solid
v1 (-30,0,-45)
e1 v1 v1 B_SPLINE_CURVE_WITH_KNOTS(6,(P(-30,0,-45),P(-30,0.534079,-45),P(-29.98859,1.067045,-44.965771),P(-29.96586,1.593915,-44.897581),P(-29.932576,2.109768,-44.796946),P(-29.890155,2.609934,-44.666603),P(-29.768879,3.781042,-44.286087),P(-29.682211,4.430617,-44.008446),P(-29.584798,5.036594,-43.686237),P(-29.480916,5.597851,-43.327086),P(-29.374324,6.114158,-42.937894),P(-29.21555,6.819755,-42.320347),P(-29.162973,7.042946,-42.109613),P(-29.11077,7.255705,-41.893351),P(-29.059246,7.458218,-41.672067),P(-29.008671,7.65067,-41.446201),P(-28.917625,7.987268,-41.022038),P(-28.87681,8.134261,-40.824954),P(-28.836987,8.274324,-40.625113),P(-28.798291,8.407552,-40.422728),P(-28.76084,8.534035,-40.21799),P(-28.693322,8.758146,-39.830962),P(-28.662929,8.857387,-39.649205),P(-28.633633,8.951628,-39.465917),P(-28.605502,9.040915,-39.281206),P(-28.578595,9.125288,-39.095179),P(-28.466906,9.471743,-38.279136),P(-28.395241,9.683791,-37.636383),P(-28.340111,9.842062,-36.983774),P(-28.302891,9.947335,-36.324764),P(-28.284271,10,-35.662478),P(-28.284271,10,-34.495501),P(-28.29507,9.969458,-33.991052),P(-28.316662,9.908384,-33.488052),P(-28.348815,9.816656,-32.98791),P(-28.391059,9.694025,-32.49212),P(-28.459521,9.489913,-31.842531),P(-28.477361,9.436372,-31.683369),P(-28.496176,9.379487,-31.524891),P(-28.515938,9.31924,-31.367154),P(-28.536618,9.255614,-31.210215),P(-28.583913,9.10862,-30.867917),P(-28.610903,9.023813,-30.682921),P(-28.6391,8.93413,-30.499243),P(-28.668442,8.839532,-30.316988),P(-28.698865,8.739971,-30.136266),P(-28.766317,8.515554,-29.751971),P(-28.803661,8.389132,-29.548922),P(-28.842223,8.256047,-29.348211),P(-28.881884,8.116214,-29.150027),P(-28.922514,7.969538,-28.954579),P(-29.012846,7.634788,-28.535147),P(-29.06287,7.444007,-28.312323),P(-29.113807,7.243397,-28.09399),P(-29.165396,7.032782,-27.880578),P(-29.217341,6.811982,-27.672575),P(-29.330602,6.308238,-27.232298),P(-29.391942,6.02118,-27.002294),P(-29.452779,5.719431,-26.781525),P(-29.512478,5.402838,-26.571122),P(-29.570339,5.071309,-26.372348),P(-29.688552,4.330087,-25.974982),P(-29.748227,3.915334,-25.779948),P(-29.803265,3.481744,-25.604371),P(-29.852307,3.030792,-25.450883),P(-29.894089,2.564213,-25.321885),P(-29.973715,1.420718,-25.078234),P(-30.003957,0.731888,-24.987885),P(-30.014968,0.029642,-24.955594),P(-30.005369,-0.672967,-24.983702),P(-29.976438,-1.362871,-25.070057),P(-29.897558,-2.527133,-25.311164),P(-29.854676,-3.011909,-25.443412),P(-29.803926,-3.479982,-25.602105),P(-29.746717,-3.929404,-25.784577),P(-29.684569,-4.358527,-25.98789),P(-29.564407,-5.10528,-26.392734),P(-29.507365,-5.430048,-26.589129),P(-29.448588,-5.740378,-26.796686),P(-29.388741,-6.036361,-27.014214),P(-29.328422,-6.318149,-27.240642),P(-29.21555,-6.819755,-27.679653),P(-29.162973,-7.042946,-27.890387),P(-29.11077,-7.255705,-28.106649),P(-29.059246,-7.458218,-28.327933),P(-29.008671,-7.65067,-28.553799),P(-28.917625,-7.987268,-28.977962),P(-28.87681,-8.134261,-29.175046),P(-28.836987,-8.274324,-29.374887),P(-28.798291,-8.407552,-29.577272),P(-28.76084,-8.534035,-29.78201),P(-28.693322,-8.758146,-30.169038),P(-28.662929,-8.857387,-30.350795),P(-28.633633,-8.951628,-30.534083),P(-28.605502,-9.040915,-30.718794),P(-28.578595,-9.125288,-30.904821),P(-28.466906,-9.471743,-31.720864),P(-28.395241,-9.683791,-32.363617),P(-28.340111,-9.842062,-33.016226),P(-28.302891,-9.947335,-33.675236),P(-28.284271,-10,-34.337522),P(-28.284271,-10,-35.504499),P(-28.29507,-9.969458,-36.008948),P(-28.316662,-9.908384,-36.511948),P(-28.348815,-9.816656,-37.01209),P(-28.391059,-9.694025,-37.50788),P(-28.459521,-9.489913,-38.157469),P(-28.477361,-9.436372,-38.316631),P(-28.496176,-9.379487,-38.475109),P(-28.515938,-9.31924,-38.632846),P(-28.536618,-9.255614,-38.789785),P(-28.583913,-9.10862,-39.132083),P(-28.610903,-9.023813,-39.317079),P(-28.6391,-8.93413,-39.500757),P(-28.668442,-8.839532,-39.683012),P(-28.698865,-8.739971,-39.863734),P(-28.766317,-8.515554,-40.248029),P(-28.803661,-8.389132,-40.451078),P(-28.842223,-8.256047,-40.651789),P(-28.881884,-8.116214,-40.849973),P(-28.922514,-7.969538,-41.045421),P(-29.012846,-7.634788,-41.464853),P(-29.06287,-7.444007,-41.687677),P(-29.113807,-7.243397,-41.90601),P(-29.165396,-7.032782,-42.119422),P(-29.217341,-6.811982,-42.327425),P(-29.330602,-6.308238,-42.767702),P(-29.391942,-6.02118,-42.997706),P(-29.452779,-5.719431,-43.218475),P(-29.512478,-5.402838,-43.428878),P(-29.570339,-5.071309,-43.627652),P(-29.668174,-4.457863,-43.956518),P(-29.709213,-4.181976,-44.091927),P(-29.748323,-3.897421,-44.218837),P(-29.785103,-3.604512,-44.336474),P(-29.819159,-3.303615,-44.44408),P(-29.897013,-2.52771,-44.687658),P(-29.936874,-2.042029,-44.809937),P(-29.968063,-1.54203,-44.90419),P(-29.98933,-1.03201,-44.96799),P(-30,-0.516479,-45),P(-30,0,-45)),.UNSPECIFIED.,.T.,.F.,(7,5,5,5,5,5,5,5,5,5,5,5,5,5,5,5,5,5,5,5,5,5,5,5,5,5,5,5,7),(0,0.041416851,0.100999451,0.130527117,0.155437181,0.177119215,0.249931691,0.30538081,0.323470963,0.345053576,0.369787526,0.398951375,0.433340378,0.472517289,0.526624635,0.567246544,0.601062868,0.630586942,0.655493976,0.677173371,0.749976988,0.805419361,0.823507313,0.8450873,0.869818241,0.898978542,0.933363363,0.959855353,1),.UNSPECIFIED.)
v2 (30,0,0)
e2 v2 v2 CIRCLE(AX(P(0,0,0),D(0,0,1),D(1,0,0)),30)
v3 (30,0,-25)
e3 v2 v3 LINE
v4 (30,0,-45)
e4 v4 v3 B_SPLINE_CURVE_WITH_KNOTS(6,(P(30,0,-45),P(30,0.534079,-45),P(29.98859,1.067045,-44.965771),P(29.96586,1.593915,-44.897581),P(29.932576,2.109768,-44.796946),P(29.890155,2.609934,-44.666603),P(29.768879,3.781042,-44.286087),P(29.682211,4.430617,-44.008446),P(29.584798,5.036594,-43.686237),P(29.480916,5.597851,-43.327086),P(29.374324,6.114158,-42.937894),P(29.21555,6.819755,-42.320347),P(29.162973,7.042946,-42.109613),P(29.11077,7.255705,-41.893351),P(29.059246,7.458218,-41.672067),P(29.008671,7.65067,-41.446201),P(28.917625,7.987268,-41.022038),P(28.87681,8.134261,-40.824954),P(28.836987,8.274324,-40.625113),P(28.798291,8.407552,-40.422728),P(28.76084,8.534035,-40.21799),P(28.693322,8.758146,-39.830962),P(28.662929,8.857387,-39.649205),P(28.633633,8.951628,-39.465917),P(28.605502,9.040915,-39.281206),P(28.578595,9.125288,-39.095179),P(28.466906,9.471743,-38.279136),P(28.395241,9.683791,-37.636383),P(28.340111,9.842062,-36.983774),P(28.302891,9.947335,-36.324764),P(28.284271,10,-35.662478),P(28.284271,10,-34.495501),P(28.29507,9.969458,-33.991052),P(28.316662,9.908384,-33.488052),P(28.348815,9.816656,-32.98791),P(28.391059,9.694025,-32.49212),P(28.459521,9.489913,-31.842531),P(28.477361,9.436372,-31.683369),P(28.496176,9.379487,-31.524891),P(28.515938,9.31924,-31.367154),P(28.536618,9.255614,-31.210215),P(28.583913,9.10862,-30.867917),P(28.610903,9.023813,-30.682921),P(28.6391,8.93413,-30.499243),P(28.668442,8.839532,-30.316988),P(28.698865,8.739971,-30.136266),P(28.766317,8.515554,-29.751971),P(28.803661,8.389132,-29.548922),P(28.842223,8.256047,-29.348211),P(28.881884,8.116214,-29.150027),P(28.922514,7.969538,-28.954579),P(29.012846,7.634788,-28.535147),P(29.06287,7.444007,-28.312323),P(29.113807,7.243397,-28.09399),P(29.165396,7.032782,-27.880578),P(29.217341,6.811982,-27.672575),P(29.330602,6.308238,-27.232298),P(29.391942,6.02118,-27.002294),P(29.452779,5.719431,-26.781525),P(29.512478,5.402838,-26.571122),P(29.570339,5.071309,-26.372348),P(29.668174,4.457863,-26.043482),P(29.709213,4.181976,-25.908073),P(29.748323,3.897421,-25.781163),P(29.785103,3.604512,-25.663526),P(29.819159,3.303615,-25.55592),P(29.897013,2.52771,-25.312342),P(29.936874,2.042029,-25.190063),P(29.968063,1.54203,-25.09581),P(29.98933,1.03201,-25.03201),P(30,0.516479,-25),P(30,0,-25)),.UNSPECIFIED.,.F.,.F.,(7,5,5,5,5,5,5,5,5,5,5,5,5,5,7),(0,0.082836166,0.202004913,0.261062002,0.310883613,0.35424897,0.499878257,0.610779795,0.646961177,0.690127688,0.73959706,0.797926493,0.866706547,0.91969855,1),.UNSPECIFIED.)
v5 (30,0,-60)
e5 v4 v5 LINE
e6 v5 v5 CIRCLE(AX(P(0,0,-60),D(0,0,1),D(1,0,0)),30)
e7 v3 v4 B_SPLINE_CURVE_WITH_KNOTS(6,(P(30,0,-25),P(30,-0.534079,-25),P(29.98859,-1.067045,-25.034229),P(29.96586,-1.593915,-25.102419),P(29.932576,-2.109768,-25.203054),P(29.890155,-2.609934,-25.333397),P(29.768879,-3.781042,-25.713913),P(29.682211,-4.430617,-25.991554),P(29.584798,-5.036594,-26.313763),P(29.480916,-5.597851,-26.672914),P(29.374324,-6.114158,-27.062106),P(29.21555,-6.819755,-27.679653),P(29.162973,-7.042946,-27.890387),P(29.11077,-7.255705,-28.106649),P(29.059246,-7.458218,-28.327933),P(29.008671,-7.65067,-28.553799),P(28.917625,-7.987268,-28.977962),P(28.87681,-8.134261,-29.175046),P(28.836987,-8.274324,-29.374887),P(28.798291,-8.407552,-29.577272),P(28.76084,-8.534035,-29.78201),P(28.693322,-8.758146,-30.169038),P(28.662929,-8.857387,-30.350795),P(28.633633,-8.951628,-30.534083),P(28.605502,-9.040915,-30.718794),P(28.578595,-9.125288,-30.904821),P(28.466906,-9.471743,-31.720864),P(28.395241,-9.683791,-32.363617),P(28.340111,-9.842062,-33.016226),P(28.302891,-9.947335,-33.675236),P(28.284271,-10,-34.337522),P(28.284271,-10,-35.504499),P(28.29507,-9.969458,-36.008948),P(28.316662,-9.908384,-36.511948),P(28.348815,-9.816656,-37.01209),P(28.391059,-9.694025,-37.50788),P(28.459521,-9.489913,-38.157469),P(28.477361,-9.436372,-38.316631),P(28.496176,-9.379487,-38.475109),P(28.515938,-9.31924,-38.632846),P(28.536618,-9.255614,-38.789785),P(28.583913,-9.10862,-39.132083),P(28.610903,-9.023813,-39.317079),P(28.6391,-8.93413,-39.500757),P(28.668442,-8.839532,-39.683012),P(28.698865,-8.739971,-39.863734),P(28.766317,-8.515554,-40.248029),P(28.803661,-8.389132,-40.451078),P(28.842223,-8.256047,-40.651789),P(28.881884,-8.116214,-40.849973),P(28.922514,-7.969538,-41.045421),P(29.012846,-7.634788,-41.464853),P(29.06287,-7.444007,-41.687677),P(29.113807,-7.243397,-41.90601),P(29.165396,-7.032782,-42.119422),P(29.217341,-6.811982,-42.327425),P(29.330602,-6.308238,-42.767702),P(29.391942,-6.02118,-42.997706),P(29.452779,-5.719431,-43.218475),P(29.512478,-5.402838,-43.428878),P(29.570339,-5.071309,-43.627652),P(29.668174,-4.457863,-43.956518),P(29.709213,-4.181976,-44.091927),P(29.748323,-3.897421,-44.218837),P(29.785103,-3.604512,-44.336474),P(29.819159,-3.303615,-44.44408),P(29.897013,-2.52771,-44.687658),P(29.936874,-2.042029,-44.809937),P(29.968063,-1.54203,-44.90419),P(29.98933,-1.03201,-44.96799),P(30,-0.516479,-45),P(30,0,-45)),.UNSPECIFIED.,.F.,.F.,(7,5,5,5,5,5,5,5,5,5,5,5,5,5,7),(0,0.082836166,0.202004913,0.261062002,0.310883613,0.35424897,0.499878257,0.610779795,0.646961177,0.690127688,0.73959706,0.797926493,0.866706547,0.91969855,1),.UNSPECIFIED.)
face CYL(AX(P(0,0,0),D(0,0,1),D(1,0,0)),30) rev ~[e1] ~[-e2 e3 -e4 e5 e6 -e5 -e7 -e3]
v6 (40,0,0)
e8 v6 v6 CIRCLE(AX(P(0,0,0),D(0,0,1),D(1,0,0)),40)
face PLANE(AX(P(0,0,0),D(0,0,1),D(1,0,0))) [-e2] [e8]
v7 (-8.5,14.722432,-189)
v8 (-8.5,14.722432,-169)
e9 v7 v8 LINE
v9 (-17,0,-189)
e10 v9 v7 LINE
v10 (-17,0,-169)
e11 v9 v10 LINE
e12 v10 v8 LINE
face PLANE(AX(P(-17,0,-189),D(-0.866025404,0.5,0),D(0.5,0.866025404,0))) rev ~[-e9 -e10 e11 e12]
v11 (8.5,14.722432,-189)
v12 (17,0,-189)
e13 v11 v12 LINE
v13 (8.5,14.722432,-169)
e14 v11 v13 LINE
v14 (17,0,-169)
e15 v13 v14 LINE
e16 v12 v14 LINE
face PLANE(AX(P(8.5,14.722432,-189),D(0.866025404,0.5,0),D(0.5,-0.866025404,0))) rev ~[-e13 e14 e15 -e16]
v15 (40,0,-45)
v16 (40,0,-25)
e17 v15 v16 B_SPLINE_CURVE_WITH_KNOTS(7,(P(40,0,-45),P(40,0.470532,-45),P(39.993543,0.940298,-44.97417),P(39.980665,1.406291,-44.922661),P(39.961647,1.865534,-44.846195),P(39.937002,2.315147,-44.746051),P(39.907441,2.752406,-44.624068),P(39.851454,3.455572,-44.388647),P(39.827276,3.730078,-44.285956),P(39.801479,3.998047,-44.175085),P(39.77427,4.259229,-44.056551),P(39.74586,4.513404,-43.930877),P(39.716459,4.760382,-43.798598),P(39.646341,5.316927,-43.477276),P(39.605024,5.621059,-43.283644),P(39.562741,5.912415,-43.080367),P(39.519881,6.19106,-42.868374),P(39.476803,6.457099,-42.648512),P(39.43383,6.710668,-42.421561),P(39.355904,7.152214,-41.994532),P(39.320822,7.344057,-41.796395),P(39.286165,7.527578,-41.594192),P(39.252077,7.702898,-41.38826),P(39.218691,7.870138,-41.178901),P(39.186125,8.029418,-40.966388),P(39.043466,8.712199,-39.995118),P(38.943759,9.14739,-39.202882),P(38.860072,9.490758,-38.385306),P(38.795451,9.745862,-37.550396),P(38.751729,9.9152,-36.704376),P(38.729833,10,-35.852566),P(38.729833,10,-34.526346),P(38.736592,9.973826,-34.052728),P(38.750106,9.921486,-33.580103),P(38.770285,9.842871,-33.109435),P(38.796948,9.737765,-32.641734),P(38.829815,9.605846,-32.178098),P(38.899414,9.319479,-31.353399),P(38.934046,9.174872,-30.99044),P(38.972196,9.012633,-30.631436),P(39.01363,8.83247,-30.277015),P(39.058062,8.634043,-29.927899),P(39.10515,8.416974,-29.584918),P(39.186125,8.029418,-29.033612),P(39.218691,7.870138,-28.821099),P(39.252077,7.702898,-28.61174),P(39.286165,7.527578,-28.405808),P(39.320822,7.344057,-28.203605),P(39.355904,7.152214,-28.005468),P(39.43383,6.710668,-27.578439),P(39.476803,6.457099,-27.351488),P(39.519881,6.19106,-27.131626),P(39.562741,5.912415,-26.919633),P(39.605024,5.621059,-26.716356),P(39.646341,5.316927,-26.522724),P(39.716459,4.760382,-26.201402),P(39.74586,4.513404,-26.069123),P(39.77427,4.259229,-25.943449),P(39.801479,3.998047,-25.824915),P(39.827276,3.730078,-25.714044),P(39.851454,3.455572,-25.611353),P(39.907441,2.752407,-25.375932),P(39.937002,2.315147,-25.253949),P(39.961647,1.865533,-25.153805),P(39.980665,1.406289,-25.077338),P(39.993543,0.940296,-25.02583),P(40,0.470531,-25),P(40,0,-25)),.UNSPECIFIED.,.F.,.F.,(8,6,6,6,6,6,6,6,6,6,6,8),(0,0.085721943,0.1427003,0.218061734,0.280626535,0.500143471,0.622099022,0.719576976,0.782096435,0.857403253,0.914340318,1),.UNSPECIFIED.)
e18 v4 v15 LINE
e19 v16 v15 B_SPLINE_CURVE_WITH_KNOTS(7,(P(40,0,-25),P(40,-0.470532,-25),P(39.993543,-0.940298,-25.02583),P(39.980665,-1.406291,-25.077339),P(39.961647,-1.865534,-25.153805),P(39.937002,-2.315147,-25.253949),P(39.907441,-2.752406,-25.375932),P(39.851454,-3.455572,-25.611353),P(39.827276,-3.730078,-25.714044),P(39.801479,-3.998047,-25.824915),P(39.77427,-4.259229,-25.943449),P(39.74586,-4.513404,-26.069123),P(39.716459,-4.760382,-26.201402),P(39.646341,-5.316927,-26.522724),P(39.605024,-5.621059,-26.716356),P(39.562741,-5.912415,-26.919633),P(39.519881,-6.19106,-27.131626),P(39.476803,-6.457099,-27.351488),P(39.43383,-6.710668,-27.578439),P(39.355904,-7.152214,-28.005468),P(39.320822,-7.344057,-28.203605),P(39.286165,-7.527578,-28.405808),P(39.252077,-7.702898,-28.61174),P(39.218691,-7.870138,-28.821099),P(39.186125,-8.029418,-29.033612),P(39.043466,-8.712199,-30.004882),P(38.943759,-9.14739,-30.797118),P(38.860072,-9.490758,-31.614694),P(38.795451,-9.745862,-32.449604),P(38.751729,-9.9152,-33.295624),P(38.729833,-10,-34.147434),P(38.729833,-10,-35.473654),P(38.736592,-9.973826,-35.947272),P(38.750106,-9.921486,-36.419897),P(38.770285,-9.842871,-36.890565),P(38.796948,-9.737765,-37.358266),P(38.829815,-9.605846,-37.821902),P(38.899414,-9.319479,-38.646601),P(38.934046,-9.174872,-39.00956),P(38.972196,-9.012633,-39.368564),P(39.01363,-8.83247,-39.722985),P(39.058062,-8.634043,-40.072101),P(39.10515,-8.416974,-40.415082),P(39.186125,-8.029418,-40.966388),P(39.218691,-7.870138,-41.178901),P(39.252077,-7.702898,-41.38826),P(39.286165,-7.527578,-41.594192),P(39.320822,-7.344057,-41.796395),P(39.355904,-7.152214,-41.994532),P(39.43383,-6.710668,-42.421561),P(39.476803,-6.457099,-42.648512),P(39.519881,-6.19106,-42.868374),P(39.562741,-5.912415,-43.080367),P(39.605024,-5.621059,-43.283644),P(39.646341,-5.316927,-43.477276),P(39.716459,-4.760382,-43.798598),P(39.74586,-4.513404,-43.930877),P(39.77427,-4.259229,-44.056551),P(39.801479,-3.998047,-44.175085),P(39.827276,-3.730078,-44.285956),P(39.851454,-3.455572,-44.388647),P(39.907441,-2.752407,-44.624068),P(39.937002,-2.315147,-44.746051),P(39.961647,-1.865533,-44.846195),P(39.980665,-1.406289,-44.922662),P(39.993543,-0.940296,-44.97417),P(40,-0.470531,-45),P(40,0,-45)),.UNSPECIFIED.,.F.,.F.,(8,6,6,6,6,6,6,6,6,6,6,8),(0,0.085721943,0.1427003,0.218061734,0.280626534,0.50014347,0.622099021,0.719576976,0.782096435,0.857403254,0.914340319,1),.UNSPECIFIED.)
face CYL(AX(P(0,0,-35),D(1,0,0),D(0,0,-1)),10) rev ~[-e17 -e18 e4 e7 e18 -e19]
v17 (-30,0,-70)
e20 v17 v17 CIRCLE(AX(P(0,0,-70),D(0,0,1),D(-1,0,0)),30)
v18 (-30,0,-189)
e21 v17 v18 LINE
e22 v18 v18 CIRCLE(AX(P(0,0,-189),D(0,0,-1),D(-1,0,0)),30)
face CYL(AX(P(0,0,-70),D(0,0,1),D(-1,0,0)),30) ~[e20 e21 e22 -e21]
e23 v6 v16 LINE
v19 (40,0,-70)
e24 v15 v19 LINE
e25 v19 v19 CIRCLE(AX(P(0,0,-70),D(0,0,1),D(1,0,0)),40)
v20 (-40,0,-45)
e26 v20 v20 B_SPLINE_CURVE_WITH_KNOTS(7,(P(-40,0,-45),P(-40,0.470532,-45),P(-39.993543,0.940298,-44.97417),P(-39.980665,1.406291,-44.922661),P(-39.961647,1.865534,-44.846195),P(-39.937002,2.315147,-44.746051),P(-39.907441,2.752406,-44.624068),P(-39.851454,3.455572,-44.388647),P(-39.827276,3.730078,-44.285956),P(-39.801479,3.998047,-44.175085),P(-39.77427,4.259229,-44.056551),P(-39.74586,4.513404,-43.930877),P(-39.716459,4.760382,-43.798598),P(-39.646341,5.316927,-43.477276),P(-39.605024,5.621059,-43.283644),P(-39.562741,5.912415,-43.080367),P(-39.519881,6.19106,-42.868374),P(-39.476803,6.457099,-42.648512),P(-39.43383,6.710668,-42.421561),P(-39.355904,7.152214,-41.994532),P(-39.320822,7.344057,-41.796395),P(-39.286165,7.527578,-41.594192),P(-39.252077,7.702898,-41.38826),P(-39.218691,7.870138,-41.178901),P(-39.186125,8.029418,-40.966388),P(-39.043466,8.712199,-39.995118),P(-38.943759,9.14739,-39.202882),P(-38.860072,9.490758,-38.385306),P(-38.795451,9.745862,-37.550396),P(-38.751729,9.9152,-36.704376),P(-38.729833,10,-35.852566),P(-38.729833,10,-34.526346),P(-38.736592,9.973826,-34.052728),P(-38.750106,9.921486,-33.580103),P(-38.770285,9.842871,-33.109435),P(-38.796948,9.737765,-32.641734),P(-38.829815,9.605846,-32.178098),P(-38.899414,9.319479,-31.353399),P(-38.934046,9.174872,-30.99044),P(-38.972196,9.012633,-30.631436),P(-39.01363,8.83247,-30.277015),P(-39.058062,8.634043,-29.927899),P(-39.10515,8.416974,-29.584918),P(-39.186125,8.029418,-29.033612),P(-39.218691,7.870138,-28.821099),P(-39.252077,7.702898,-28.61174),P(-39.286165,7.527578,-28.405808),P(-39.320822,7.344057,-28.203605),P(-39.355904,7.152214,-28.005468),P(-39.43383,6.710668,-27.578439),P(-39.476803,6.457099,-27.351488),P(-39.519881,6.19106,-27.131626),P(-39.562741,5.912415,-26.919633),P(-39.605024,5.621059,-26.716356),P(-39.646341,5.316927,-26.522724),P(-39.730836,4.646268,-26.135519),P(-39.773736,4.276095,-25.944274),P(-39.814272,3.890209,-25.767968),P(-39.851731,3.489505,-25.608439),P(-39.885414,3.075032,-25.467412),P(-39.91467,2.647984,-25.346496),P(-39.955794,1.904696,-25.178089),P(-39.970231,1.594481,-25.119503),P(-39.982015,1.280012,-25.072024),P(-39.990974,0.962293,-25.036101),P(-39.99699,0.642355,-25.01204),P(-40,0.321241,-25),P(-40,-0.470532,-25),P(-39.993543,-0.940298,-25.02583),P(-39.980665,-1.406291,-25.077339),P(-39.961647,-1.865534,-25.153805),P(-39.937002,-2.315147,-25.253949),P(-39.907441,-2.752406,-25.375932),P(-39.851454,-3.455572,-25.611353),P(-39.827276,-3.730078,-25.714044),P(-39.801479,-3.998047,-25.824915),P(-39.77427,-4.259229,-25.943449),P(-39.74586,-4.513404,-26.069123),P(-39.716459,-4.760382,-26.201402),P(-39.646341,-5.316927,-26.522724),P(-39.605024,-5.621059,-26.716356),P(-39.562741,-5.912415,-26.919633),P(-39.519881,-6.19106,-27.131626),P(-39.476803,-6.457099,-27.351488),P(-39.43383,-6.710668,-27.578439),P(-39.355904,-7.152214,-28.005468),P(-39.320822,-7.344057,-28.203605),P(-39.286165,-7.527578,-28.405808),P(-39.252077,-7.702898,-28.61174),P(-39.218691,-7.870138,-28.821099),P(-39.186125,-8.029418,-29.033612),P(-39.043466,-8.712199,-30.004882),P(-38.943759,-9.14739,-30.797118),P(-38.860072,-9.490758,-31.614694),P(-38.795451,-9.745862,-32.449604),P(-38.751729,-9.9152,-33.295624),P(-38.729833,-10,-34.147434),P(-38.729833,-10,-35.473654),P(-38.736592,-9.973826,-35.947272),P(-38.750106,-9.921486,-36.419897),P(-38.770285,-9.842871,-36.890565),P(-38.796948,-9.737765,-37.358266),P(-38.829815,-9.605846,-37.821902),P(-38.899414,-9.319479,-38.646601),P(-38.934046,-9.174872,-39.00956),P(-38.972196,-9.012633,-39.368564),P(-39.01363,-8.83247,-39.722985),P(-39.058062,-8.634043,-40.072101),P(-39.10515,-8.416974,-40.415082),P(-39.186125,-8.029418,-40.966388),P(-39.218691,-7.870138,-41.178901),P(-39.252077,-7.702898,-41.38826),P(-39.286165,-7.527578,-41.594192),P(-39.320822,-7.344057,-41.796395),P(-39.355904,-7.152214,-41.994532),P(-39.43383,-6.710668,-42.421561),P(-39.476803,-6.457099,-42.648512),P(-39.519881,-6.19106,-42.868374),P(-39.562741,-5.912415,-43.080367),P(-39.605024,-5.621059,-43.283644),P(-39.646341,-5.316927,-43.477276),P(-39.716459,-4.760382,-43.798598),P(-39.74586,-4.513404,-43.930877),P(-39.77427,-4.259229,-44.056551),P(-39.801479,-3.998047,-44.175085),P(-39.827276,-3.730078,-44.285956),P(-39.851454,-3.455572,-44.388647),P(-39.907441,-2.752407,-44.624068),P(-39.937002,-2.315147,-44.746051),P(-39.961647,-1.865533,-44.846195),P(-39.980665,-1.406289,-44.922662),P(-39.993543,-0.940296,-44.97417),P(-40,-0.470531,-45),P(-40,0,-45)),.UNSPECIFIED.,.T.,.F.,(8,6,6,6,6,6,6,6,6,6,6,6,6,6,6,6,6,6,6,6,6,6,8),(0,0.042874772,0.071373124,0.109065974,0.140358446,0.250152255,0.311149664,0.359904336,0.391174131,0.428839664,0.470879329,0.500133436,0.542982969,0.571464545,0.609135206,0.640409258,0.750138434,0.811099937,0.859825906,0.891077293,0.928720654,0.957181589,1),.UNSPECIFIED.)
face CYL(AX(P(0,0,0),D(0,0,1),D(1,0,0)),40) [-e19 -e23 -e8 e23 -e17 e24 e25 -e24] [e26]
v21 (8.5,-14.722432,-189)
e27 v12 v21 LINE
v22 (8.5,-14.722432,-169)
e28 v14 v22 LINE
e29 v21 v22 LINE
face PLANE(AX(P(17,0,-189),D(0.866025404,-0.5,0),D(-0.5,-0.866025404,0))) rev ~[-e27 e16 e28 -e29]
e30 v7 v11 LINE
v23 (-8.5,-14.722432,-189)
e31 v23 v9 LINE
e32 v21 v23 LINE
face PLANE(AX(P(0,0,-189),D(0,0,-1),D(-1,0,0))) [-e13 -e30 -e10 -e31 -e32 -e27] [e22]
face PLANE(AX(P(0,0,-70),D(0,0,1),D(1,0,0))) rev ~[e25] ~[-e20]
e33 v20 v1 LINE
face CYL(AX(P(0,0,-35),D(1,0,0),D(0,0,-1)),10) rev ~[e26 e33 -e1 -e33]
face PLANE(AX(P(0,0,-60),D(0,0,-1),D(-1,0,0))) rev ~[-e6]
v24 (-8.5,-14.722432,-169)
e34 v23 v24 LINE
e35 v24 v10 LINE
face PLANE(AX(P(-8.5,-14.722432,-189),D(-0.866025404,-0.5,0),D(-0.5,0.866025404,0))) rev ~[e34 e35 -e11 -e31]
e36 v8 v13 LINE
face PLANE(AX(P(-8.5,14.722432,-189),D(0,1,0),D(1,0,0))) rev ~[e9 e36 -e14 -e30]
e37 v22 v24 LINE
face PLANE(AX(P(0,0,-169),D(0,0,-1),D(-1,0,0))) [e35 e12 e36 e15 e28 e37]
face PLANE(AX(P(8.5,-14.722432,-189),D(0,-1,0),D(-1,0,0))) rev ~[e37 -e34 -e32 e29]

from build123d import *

# Parameters (mm, degrees)
SKETCH1_R                = 40
SKETCH1_R_2              = 30
BOSS_EXTRUDE1_DEPTH      = 70
SKETCH2_R                = 30
BOSS_EXTRUDE2_DEPTH      = 119
BOSS_EXTRUDE2_DEPTH_BACK = 10
CUT_EXTRUDE1_DEPTH       = 20
SKETCH5_R                = 10
CUT_EXTRUDE2_DEPTH       = 55


with BuildPart() as part:
    # Sketch1 → Boss-Extrude1 (new body)
    with BuildSketch(Plane.XY):
        Circle(SKETCH1_R)
        Circle(SKETCH1_R_2, mode=Mode.SUBTRACT)
    extrude(amount=-BOSS_EXTRUDE1_DEPTH)

    # Sketch2 → Boss-Extrude2 (add, two sides)
    with BuildSketch(Plane(origin=(0, 0, -70), x_dir=(-1, 0, 0), z_dir=(0, 0, -1))) as boss_extrude2_sk:
        Circle(SKETCH2_R)
    extrude(amount=BOSS_EXTRUDE2_DEPTH)
    extrude(boss_extrude2_sk.sketch, amount=-BOSS_EXTRUDE2_DEPTH_BACK)

    # Sketch4 → Cut-Extrude1 (cut)
    with BuildSketch(Plane(origin=(0, 0, -189), x_dir=(-1, 0, 0), z_dir=(0, 0, -1))):
        Polygon((8.5, -14.722431864), (17, 0), (8.5, 14.722431864), (-8.5, 14.722431864), (-17, 0), (-8.5, -14.722431864), align=None)
    extrude(amount=-CUT_EXTRUDE1_DEPTH, mode=Mode.SUBTRACT)

    # Sketch5 → Cut-Extrude2 (cut, symmetric)
    with BuildSketch(Plane(origin=(0, 0, 0), x_dir=(0, 0, -1), z_dir=(1, 0, 0))):
        with Locations((35, 0)):
            Circle(SKETCH5_R)
    extrude(amount=CUT_EXTRUDE2_DEPTH, both=True, mode=Mode.SUBTRACT)


solid = part.part
